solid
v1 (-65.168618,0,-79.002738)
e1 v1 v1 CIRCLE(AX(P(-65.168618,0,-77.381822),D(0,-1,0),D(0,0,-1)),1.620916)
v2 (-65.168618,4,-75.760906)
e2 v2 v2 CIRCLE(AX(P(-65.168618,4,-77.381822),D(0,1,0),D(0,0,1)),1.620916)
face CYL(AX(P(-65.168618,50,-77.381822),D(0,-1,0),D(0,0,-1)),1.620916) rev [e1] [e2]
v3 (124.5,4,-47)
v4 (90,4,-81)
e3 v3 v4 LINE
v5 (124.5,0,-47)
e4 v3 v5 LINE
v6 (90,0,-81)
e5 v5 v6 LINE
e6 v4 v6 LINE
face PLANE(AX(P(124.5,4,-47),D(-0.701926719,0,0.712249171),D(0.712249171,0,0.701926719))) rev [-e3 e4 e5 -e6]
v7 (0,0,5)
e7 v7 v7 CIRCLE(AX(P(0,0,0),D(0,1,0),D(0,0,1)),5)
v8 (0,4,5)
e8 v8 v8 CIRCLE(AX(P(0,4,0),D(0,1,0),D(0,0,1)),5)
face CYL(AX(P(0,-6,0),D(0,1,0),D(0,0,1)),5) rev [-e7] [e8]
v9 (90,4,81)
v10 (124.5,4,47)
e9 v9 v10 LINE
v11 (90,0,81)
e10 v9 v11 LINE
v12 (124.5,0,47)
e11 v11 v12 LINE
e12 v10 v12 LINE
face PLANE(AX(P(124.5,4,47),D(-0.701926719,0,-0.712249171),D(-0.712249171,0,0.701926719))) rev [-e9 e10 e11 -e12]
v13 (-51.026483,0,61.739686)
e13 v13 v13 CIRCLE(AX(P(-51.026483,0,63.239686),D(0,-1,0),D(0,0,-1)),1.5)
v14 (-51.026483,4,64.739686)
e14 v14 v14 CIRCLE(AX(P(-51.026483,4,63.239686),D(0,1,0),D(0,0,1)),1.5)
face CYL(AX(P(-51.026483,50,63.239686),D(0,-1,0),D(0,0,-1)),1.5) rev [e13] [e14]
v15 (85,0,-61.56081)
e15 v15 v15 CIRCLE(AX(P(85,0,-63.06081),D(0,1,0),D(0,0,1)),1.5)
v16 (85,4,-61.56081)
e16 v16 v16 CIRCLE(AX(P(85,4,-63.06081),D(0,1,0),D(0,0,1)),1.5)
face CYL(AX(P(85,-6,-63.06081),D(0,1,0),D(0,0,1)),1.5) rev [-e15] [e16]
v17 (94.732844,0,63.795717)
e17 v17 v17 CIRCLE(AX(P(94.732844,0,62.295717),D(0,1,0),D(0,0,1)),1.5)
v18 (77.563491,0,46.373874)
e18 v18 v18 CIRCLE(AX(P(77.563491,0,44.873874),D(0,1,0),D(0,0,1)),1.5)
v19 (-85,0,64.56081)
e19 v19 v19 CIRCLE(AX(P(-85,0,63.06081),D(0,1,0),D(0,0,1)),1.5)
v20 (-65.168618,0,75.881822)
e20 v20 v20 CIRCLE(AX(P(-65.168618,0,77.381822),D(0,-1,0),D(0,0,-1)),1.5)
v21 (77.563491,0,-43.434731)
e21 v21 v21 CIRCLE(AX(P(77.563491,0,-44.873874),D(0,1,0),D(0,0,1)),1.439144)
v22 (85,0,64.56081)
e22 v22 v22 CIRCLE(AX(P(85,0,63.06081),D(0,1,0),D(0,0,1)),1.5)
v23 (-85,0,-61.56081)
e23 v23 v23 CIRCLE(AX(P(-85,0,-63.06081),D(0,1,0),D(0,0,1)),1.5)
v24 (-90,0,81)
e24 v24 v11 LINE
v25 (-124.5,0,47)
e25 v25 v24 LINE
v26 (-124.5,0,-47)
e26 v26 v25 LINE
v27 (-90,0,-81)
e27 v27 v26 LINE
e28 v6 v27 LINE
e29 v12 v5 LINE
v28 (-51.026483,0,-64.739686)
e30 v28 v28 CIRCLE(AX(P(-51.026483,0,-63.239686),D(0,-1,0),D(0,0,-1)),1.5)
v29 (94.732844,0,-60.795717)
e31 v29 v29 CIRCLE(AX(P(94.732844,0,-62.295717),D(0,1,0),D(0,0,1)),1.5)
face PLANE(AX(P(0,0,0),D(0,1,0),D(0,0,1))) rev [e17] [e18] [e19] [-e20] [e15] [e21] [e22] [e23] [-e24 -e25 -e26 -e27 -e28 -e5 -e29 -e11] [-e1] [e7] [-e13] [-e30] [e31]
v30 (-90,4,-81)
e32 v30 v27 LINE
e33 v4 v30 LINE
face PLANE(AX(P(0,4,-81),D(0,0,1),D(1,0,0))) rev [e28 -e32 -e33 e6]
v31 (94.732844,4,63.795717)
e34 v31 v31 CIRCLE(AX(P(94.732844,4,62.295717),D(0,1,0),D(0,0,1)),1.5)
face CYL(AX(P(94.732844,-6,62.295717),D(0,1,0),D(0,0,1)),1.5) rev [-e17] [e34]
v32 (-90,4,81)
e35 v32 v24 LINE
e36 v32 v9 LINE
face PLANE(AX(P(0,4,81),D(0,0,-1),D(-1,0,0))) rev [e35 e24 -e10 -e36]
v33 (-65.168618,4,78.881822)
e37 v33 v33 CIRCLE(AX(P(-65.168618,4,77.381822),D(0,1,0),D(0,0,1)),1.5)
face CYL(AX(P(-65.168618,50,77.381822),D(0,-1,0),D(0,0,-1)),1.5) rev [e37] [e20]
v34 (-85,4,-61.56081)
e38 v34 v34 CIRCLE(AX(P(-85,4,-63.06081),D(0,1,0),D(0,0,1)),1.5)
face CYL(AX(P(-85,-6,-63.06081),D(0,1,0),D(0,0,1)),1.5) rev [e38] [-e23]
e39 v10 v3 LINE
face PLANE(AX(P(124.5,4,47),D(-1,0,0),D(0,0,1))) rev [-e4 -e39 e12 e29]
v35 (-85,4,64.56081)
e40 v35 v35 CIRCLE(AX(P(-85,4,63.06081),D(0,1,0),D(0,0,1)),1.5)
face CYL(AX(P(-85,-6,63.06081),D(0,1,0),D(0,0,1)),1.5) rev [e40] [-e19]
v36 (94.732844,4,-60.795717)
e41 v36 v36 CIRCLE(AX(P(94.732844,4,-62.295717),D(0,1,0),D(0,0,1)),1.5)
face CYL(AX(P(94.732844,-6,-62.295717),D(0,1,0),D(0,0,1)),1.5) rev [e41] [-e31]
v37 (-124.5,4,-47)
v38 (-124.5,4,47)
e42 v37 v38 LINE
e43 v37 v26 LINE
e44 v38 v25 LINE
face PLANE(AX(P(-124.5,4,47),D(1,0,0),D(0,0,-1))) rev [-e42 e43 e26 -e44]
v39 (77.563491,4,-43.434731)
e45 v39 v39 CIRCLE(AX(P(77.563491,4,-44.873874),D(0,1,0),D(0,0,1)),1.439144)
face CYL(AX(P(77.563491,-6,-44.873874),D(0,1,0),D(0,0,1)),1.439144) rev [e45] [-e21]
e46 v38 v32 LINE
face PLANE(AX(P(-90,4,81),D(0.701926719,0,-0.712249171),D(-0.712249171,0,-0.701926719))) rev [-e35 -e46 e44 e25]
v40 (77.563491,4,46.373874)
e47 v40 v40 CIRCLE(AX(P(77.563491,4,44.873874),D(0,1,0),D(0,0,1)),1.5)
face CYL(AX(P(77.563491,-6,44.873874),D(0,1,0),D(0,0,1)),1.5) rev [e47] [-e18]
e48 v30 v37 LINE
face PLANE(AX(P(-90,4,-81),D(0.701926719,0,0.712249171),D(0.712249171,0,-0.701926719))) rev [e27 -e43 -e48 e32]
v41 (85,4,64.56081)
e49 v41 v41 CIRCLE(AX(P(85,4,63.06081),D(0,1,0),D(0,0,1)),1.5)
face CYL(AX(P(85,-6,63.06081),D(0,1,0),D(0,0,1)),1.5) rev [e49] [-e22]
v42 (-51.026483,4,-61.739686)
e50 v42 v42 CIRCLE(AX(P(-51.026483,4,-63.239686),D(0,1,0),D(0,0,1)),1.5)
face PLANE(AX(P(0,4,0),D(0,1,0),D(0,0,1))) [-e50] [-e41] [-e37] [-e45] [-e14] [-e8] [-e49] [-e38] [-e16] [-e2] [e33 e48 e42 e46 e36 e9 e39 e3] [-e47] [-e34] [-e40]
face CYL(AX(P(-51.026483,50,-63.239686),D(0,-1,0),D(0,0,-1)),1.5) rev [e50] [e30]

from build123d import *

# Parameters (mm, degrees)
SALIENTE_EXTRUIR1_DEPTH = 4
CROQUIS2_R              = 1.5
CORTAR_EXTRUIR1_DEPTH   = 10
CROQUIS3_R              = 1.5
CROQUIS3_R_2            = 1.439143575
CORTAR_EXTRUIR2_DEPTH   = 10
CROQUIS4_R              = 1.620915762
CROQUIS4_R_2            = 1.5
CORTAR_EXTRUIR3_DEPTH   = 50
CROQUIS5_R              = 5
CORTAR_EXTRUIR4_DEPTH   = 10


with BuildPart() as part:
    # Croquis1 → Saliente-Extruir1 (new body)
    with BuildSketch(Plane(origin=(0, 0, 0), x_dir=(1, 0, 0), z_dir=(0, 1, 0))):
        Polygon((-90, 81), (-124.5, 47), (-124.5, -47), (-90, -81), (0, -81), (90, -81), (124.5, -47), (124.5, 47), (90, 81), (0, 81), align=None)
    extrude(amount=SALIENTE_EXTRUIR1_DEPTH)

    # Croquis2 → Cortar-Extruir1 (cut)
    with BuildSketch(Plane(origin=(0, 4, 0), x_dir=(1, 0, 0), z_dir=(0, 1, 0))):
        with Locations(Location((-85, 63.060809699, 0), (0, 0, 270))):
            Circle(CROQUIS2_R)
        with Locations(Location((-85, -63.060809699, 0), (0, 0, 270))):
            Circle(CROQUIS2_R)
        with Locations(Location((85, -63.060809699, 0), (0, 0, 270))):
            Circle(CROQUIS2_R)
        with Locations(Location((85, 63.060809699, 0), (0, 0, 270))):
            Circle(CROQUIS2_R)
    extrude(amount=-CORTAR_EXTRUIR1_DEPTH, mode=Mode.SUBTRACT)

    # Croquis3 → Cortar-Extruir2 (cut)
    with BuildSketch(Plane(origin=(0, 4, 0), x_dir=(1, 0, 0), z_dir=(0, 1, 0))):
        with Locations(Location((94.732844127, -62.29571743, 0), (0, 0, 270))):
            Circle(CROQUIS3_R)
        with Locations(Location((77.563491473, -44.873874295, 0), (0, 0, 270))):
            Circle(CROQUIS3_R)
        with Locations(Location((77.563491473, 44.873874295, 0), (0, 0, 270))):
            Circle(CROQUIS3_R_2)
        with Locations(Location((94.732844127, 62.29571743, 0), (0, 0, 270))):
            Circle(CROQUIS3_R)
    extrude(amount=-CORTAR_EXTRUIR2_DEPTH, mode=Mode.SUBTRACT)

    # Croquis4 → Cortar-Extruir3 (cut)
    with BuildSketch(Plane.XZ):
        with Locations(Location((-65.16861846, -77.381821896, 0), (0, 0, 270))):
            Circle(CROQUIS4_R)
        with Locations(Location((-51.026482836, -63.239686272, 0), (0, 0, 270))):
            Circle(CROQUIS4_R_2)
        with Locations(Location((-65.16861846, 77.381821896, 0), (0, 0, 270))):
            Circle(CROQUIS4_R_2)
        with Locations(Location((-51.026482836, 63.239686272, 0), (0, 0, 270))):
            Circle(CROQUIS4_R_2)
    extrude(amount=-CORTAR_EXTRUIR3_DEPTH, mode=Mode.SUBTRACT)

    # Croquis5 → Cortar-Extruir4 (cut)
    with BuildSketch(Plane(origin=(0, 4, 0), x_dir=(1, 0, 0), z_dir=(0, 1, 0))):
        with Locations(Location((0, 0, 0), (0, 0, 270))):
            Circle(CROQUIS5_R)
    extrude(amount=-CORTAR_EXTRUIR4_DEPTH, mode=Mode.SUBTRACT)


solid = part.part
